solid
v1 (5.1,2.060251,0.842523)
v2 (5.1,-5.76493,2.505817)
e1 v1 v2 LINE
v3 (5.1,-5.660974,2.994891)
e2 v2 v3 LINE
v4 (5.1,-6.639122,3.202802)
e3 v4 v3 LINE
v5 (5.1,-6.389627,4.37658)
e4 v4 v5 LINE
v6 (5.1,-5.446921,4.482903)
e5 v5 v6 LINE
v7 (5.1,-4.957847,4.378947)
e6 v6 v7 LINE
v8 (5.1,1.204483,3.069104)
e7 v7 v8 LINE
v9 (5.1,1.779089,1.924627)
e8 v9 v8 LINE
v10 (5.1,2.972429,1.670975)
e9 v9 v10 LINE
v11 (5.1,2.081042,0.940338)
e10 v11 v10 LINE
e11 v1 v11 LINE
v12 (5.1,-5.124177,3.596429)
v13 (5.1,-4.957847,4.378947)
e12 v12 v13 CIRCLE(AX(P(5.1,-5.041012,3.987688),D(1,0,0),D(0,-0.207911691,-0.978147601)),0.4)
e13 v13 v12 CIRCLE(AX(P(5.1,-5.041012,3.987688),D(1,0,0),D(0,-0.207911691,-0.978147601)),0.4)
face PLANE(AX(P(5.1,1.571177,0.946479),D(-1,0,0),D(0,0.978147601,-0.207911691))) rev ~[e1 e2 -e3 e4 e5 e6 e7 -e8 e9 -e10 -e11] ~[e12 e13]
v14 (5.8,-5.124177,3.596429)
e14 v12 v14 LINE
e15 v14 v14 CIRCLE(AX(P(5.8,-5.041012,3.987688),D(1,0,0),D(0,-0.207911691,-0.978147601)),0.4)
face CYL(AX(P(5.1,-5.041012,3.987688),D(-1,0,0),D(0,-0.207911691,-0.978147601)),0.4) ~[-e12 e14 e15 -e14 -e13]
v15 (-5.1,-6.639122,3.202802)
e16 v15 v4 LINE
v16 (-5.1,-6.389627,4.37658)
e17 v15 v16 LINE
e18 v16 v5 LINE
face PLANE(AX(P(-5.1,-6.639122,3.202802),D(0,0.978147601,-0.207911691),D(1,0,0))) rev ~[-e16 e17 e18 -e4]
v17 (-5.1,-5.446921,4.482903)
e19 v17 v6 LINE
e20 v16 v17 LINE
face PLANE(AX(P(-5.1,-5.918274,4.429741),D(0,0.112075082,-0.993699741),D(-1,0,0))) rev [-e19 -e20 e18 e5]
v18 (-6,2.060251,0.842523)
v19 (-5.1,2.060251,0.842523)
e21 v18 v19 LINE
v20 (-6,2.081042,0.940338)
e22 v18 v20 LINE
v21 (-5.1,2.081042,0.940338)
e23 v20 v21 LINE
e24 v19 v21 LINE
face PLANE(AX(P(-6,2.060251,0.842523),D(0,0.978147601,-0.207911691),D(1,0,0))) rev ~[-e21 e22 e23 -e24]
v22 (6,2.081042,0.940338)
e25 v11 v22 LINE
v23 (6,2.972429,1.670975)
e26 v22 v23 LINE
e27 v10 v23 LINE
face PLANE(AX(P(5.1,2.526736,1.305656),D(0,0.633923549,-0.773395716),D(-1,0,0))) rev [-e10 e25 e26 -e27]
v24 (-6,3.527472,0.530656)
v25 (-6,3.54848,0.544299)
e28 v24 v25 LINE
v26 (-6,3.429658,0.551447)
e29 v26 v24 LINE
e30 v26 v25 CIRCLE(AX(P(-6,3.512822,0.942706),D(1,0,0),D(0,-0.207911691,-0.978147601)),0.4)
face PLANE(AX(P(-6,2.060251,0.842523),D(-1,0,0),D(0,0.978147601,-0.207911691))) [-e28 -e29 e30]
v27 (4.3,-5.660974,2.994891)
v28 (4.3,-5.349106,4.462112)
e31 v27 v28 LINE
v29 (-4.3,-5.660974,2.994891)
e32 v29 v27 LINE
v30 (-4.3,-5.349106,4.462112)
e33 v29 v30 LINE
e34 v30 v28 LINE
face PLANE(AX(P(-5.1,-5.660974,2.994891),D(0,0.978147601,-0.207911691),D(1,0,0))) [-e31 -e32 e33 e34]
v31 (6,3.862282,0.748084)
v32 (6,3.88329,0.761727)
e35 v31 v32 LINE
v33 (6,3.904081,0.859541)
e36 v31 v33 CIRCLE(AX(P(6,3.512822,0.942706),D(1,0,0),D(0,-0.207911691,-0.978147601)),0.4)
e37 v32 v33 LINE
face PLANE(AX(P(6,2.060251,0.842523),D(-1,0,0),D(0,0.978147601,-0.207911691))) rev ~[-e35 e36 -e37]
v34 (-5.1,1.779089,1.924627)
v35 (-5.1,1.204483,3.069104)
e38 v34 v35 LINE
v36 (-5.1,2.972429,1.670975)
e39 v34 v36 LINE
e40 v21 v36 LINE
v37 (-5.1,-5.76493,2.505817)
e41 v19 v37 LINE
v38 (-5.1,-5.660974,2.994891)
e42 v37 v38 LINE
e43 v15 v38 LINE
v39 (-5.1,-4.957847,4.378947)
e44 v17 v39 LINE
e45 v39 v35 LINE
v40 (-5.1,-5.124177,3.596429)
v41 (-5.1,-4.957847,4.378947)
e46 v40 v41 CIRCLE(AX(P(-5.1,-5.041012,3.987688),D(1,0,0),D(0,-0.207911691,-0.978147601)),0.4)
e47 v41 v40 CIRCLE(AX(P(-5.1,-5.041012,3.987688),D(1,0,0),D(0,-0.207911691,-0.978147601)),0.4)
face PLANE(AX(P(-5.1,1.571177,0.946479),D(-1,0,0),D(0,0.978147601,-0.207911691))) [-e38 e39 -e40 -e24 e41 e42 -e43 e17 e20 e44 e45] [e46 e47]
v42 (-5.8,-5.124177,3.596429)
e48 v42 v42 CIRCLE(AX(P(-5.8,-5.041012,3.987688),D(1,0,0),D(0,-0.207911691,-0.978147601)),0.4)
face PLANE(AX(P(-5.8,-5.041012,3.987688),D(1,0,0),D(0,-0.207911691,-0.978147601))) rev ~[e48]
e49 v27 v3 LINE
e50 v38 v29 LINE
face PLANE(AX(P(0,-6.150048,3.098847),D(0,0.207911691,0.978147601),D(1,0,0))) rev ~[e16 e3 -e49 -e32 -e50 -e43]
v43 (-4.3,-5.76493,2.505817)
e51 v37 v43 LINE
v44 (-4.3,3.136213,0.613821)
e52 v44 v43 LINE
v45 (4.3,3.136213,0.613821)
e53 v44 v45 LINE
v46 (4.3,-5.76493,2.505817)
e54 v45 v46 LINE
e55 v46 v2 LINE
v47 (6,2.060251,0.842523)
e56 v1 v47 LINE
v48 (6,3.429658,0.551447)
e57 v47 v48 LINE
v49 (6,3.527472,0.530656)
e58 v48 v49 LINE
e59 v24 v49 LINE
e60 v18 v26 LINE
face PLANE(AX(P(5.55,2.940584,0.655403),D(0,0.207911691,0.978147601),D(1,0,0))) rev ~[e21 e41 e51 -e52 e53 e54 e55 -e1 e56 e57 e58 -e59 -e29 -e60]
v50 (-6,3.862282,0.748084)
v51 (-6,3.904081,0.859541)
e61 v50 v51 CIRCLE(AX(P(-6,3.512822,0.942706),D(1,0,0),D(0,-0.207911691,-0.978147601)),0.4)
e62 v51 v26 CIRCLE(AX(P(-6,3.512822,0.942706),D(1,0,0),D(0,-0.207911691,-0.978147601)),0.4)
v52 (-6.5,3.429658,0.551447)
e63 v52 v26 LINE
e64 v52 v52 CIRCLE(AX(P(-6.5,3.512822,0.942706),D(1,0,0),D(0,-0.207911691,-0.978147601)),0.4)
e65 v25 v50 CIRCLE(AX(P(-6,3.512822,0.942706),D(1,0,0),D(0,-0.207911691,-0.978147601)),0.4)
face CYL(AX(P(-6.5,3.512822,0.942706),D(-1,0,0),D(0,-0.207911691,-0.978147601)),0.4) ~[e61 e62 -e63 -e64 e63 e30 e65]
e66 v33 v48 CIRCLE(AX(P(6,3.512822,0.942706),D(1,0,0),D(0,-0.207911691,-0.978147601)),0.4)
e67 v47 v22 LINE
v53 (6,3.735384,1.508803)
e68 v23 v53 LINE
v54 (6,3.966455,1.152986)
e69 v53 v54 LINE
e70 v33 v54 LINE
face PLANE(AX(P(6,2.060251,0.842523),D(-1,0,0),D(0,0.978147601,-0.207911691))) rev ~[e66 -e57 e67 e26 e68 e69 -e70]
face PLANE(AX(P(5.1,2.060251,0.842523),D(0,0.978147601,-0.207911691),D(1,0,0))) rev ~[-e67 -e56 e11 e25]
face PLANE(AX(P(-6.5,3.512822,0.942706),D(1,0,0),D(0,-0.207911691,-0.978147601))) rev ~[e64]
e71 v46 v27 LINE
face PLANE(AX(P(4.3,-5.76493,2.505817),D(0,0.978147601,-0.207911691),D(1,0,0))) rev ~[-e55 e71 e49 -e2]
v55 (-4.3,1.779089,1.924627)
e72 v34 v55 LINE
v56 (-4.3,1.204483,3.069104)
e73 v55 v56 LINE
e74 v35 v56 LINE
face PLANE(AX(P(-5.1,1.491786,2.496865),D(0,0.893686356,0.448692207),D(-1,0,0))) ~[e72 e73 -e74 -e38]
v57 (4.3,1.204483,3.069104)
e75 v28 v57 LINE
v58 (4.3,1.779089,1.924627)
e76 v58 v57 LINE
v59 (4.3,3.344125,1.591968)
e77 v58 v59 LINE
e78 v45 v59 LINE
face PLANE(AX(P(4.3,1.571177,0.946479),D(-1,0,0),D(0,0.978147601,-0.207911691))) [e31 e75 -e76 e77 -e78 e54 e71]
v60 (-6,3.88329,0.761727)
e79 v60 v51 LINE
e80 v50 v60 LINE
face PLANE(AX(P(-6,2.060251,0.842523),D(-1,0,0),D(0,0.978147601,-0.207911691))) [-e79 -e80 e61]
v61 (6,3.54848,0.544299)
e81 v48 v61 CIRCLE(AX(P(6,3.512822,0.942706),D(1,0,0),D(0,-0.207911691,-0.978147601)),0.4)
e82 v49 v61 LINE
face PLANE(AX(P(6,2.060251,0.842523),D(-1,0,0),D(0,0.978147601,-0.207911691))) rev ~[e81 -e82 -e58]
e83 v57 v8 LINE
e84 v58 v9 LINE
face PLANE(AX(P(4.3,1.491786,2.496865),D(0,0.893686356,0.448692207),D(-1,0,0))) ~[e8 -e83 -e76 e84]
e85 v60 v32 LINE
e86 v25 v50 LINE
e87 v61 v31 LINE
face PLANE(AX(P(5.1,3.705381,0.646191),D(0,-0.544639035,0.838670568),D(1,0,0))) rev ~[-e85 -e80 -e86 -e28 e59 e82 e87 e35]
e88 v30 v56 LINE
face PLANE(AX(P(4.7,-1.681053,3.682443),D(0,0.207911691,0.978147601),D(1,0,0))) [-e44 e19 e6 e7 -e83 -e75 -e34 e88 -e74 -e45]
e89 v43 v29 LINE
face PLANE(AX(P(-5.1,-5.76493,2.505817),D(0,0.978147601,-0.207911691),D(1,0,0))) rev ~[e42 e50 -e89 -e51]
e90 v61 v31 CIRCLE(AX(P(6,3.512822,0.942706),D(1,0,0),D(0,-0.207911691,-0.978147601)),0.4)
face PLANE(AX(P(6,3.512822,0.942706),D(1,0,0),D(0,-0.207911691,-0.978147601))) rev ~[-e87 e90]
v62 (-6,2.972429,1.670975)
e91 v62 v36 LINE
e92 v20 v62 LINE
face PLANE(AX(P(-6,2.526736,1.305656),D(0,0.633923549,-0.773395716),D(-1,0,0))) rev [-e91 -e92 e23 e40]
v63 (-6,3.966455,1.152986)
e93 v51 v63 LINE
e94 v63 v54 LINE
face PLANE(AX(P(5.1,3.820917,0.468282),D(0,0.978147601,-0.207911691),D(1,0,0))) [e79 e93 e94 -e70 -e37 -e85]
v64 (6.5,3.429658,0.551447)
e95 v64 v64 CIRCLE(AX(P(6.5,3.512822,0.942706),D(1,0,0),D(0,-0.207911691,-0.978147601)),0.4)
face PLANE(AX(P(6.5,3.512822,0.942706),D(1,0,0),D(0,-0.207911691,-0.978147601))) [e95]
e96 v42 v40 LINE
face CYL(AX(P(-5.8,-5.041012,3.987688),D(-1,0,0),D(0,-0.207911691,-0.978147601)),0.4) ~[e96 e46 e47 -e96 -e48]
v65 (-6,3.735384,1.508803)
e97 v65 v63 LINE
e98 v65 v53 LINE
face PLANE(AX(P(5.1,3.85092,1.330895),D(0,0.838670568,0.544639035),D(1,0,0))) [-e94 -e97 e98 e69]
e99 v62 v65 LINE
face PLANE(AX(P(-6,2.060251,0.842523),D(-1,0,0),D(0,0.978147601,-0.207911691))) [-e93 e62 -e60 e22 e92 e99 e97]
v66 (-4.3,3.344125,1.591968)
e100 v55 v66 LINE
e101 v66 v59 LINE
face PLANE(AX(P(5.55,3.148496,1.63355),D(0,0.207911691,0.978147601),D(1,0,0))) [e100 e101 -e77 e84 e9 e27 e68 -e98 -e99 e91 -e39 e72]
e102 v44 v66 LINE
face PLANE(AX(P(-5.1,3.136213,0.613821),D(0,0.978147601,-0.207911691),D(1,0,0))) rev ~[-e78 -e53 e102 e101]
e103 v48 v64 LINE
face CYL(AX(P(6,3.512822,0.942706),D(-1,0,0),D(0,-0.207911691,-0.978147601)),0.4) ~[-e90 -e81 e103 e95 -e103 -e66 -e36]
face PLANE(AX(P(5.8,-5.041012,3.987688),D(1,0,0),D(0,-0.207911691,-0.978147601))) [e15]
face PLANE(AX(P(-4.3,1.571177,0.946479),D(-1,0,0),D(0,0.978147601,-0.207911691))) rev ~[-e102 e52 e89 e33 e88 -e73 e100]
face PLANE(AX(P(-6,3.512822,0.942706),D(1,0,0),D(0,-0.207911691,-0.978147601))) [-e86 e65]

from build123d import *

# Parameters (mm, degrees)
BOX058_W                  = 0.8
BOX058_H                  = 7.5
BOX058_DEPTH              = 2
CHAMFER029_SIZE2          = 0.8
CHAMFER029_SIZE           = 1
BOX057_W                  = 0.8
BOX057_H                  = 7.5
BOX057_DEPTH              = 2
CHAMFER030_SIZE2          = 0.8
CHAMFER030_SIZE           = 1
BOX061_W                  = 10.2
BOX061_H                  = 0.7
BOX061_DEPTH              = 1
CHAMFER033_SIZE           = 0.3
CYLINDER013_R             = 0.4
CYLINDER013_DEPTH         = 0.5
CYLINDER014_R             = 0.4
CYLINDER014_DEPTH         = 0.5
CYLINDER015_R             = 0.4
CYLINDER015_DEPTH         = 0.7
CYLINDER016_R             = 0.4
CYLINDER016_DEPTH         = 0.7
BOX059_W                  = 0.8
BOX059_H                  = 1.6
BOX059_DEPTH              = 1
BOX060_W                  = 0.8
BOX060_H                  = 1.6
BOX060_DEPTH              = 1
BOX065_W                  = 0.9
BOX065_H                  = 1.8
BOX065_DEPTH              = 1
CHAMFER041_1_SIZE2        = 0.72
CHAMFER041_1_SIZE         = 0.9
CHAMFER041_2_SIZE         = 0.3
BOX064_W                  = 0.9
BOX064_H                  = 1.8
BOX064_DEPTH              = 1
CHAMFER042_1_SIZE2        = 0.72
CHAMFER042_1_SIZE         = 0.9
CHAMFER042_2_SIZE         = 0.3
BOX056_W                  = 10.2
BOX056_H                  = 1
BOX056_DEPTH              = 1.5
CHAMFER028_SIZE2          = 0.9
CHAMFER028_SIZE           = 0.3
FUSION014_PLACEMENT_ANGLE = 12


with BuildPart() as pg1425_frontshaftcham002:
    # Box058 → Box058 (new body)
    with BuildSketch(Plane(origin=(-5.1, -6, 0.5), x_dir=(1, 0, 0), z_dir=(0, 0, 1))):
        with Locations((0.4, 3.75)):
            Rectangle(BOX058_W, BOX058_H)
    extrude(amount=BOX058_DEPTH)

    # Chamfer029
    chamfer029_edges = [pg1425_frontshaftcham002.edges().sort_by_distance(p)[0] for p in [
        (-4.7, 1.5, 2.5),
    ]]
    chamfer029_side = pg1425_frontshaftcham002.faces().sort_by_distance((-4.7, 1.5, 1.5))[0]
    chamfer(chamfer029_edges, length=CHAMFER029_SIZE, length2=CHAMFER029_SIZE2, reference=chamfer029_side)


with BuildPart() as pg1425_frontshaftcham003:
    # Box057 → Box057 (new body)
    with BuildSketch(Plane(origin=(4.3, -6, 0.5), x_dir=(1, 0, 0), z_dir=(0, 0, 1))):
        with Locations((0.4, 3.75)):
            Rectangle(BOX057_W, BOX057_H)
    extrude(amount=BOX057_DEPTH)

    # Chamfer030
    chamfer030_edges = [pg1425_frontshaftcham003.edges().sort_by_distance(p)[0] for p in [
        (4.7, 1.5, 2.5),
    ]]
    chamfer030_side = pg1425_frontshaftcham003.faces().sort_by_distance((4.7, 1.5, 1.5))[0]
    chamfer(chamfer030_edges, length=CHAMFER030_SIZE, length2=CHAMFER030_SIZE2, reference=chamfer030_side)


with BuildPart() as pg1425_frontshaftcham006:
    # Box061 → Box061 (new body)
    with BuildSketch(Plane(origin=(-5.1, 3.1, 0.5), x_dir=(1, 0, 0), z_dir=(0, 0, 1))):
        with Locations((5.1, 0.35)):
            Rectangle(BOX061_W, BOX061_H)
    extrude(amount=BOX061_DEPTH)

    # Chamfer033
    chamfer033_edges = [pg1425_frontshaftcham006.edges().sort_by_distance(p)[0] for p in [
        (0, 3.8, 0.5),
        (0, 3.8, 1.5),
    ]]
    chamfer(chamfer033_edges, length=CHAMFER033_SIZE)


with BuildPart() as pg1425_frontshaft009:
    # Cylinder013 → Cylinder013 (new body)
    with BuildSketch(Plane(origin=(-6.5, 3.4, 0.9), x_dir=(0, 0, -1), z_dir=(1, 0, 0))):
        Circle(CYLINDER013_R)
    extrude(amount=CYLINDER013_DEPTH)


with BuildPart() as pg1425_frontshaft010:
    # Cylinder014 → Cylinder014 (new body)
    with BuildSketch(Plane(origin=(6, 3.4, 0.9), x_dir=(0, 0, -1), z_dir=(1, 0, 0))):
        Circle(CYLINDER014_R)
    extrude(amount=CYLINDER014_DEPTH)


with BuildPart() as pg1425_frontshaft011:
    # Cylinder015 → Cylinder015 (new body)
    with BuildSketch(Plane(origin=(-5.8, -5.6, 2.1), x_dir=(0, 0, -1), z_dir=(1, 0, 0))):
        Circle(CYLINDER015_R)
    extrude(amount=CYLINDER015_DEPTH)


with BuildPart() as pg1425_frontshaft012:
    # Cylinder016 → Cylinder016 (new body)
    with BuildSketch(Plane(origin=(5.1, -5.6, 2.1), x_dir=(0, 0, -1), z_dir=(1, 0, 0))):
        Circle(CYLINDER016_R)
    extrude(amount=CYLINDER016_DEPTH)


with BuildPart() as pg1425_frontshaft004:
    # Box059 → Box059 (new body)
    with BuildSketch(Plane(origin=(-5.1, 1.5, 0.5), x_dir=(1, 0, 0), z_dir=(0, 0, 1))):
        with Locations((0.4, 0.8)):
            Rectangle(BOX059_W, BOX059_H)
    extrude(amount=BOX059_DEPTH)


with BuildPart() as pg1425_frontshaft005:
    # Box060 → Box060 (new body)
    with BuildSketch(Plane(origin=(4.3, 1.5, 0.5), x_dir=(1, 0, 0), z_dir=(0, 0, 1))):
        with Locations((0.4, 0.8)):
            Rectangle(BOX060_W, BOX060_H)
    extrude(amount=BOX060_DEPTH)


with BuildPart() as pg1425_frontshaftcham007:
    # Box065 → Box065 (new body)
    with BuildSketch(Plane(origin=(-6, 2, 0.5), x_dir=(1, 0, 0), z_dir=(0, 0, 1))):
        with Locations((0.45, 0.9)):
            Rectangle(BOX065_W, BOX065_H)
    extrude(amount=BOX065_DEPTH)

    # Chamfer041 1
    chamfer041_1_edges = [pg1425_frontshaftcham007.edges().sort_by_distance(p)[0] for p in [
        (-5.55, 2, 1.5),
    ]]
    chamfer041_1_side = pg1425_frontshaftcham007.faces().sort_by_distance((-5.55, 2, 1))[0]
    chamfer(chamfer041_1_edges, length=CHAMFER041_1_SIZE, length2=CHAMFER041_1_SIZE2, reference=chamfer041_1_side)

    # Chamfer041 2
    chamfer041_2_edges = [pg1425_frontshaftcham007.edges().sort_by_distance(p)[0] for p in [
        (-5.55, 3.8, 0.5),
        (-5.55, 3.8, 1.5),
    ]]
    chamfer(chamfer041_2_edges, length=CHAMFER041_2_SIZE)


with BuildPart() as pg1425_frontshaftcham008:
    # Box064 → Box064 (new body)
    with BuildSketch(Plane(origin=(5.1, 2, 0.5), x_dir=(1, 0, 0), z_dir=(0, 0, 1))):
        with Locations((0.45, 0.9)):
            Rectangle(BOX064_W, BOX064_H)
    extrude(amount=BOX064_DEPTH)

    # Chamfer042 1
    chamfer042_1_edges = [pg1425_frontshaftcham008.edges().sort_by_distance(p)[0] for p in [
        (5.55, 2, 1.5),
    ]]
    chamfer042_1_side = pg1425_frontshaftcham008.faces().sort_by_distance((5.55, 2, 1))[0]
    chamfer(chamfer042_1_edges, length=CHAMFER042_1_SIZE, length2=CHAMFER042_1_SIZE2, reference=chamfer042_1_side)

    # Chamfer042 2
    chamfer042_2_edges = [pg1425_frontshaftcham008.edges().sort_by_distance(p)[0] for p in [
        (5.55, 3.8, 0.5),
        (5.55, 3.8, 1.5),
    ]]
    chamfer(chamfer042_2_edges, length=CHAMFER042_2_SIZE)


with BuildPart() as pg1425_frontshaft:
    # Box056 → Box056 (new body)
    with BuildSketch(Plane(origin=(-5.1, -7, 1), x_dir=(1, 0, 0), z_dir=(0, 0, 1))):
        with Locations((5.1, 0.5)):
            Rectangle(BOX056_W, BOX056_H)
    extrude(amount=BOX056_DEPTH)

    # Chamfer028
    chamfer028_edges = [pg1425_frontshaft.edges().sort_by_distance(p)[0] for p in [
        (0, -7, 2.5),
    ]]
    chamfer028_side = pg1425_frontshaft.faces().sort_by_distance((0, -7, 1.75))[0]
    chamfer(chamfer028_edges, length=CHAMFER028_SIZE, length2=CHAMFER028_SIZE2, reference=chamfer028_side)

    # Fusion014: union PG1425_FrontShaftCham002, PG1425_FrontShaftCham003, PG1425_FrontShaftCham006, PG1425_FrontShaft009, PG1425_FrontShaft010, PG1425_FrontShaft011, PG1425_FrontShaft012, PG1425_FrontShaft004, PG1425_FrontShaft005, PG1425_FrontShaftCham007, PG1425_FrontShaftCham008
    add(pg1425_frontshaftcham002.part)
    add(pg1425_frontshaftcham003.part)
    add(pg1425_frontshaftcham006.part)
    add(pg1425_frontshaft009.part)
    add(pg1425_frontshaft010.part)
    add(pg1425_frontshaft011.part)
    add(pg1425_frontshaft012.part)
    add(pg1425_frontshaft004.part)
    add(pg1425_frontshaft005.part)
    add(pg1425_frontshaftcham007.part)
    add(pg1425_frontshaftcham008.part)


with BuildPart() as pg1425_frontshaft_1:
    # Fusion014 placement: moved
    add(pg1425_frontshaft.part.moved(Location((0, 0, 0.769273))).rotate(Axis((0, 0, 0.769273), (-1, 0, 0)), FUSION014_PLACEMENT_ANGLE))


solid = pg1425_frontshaft_1.part
